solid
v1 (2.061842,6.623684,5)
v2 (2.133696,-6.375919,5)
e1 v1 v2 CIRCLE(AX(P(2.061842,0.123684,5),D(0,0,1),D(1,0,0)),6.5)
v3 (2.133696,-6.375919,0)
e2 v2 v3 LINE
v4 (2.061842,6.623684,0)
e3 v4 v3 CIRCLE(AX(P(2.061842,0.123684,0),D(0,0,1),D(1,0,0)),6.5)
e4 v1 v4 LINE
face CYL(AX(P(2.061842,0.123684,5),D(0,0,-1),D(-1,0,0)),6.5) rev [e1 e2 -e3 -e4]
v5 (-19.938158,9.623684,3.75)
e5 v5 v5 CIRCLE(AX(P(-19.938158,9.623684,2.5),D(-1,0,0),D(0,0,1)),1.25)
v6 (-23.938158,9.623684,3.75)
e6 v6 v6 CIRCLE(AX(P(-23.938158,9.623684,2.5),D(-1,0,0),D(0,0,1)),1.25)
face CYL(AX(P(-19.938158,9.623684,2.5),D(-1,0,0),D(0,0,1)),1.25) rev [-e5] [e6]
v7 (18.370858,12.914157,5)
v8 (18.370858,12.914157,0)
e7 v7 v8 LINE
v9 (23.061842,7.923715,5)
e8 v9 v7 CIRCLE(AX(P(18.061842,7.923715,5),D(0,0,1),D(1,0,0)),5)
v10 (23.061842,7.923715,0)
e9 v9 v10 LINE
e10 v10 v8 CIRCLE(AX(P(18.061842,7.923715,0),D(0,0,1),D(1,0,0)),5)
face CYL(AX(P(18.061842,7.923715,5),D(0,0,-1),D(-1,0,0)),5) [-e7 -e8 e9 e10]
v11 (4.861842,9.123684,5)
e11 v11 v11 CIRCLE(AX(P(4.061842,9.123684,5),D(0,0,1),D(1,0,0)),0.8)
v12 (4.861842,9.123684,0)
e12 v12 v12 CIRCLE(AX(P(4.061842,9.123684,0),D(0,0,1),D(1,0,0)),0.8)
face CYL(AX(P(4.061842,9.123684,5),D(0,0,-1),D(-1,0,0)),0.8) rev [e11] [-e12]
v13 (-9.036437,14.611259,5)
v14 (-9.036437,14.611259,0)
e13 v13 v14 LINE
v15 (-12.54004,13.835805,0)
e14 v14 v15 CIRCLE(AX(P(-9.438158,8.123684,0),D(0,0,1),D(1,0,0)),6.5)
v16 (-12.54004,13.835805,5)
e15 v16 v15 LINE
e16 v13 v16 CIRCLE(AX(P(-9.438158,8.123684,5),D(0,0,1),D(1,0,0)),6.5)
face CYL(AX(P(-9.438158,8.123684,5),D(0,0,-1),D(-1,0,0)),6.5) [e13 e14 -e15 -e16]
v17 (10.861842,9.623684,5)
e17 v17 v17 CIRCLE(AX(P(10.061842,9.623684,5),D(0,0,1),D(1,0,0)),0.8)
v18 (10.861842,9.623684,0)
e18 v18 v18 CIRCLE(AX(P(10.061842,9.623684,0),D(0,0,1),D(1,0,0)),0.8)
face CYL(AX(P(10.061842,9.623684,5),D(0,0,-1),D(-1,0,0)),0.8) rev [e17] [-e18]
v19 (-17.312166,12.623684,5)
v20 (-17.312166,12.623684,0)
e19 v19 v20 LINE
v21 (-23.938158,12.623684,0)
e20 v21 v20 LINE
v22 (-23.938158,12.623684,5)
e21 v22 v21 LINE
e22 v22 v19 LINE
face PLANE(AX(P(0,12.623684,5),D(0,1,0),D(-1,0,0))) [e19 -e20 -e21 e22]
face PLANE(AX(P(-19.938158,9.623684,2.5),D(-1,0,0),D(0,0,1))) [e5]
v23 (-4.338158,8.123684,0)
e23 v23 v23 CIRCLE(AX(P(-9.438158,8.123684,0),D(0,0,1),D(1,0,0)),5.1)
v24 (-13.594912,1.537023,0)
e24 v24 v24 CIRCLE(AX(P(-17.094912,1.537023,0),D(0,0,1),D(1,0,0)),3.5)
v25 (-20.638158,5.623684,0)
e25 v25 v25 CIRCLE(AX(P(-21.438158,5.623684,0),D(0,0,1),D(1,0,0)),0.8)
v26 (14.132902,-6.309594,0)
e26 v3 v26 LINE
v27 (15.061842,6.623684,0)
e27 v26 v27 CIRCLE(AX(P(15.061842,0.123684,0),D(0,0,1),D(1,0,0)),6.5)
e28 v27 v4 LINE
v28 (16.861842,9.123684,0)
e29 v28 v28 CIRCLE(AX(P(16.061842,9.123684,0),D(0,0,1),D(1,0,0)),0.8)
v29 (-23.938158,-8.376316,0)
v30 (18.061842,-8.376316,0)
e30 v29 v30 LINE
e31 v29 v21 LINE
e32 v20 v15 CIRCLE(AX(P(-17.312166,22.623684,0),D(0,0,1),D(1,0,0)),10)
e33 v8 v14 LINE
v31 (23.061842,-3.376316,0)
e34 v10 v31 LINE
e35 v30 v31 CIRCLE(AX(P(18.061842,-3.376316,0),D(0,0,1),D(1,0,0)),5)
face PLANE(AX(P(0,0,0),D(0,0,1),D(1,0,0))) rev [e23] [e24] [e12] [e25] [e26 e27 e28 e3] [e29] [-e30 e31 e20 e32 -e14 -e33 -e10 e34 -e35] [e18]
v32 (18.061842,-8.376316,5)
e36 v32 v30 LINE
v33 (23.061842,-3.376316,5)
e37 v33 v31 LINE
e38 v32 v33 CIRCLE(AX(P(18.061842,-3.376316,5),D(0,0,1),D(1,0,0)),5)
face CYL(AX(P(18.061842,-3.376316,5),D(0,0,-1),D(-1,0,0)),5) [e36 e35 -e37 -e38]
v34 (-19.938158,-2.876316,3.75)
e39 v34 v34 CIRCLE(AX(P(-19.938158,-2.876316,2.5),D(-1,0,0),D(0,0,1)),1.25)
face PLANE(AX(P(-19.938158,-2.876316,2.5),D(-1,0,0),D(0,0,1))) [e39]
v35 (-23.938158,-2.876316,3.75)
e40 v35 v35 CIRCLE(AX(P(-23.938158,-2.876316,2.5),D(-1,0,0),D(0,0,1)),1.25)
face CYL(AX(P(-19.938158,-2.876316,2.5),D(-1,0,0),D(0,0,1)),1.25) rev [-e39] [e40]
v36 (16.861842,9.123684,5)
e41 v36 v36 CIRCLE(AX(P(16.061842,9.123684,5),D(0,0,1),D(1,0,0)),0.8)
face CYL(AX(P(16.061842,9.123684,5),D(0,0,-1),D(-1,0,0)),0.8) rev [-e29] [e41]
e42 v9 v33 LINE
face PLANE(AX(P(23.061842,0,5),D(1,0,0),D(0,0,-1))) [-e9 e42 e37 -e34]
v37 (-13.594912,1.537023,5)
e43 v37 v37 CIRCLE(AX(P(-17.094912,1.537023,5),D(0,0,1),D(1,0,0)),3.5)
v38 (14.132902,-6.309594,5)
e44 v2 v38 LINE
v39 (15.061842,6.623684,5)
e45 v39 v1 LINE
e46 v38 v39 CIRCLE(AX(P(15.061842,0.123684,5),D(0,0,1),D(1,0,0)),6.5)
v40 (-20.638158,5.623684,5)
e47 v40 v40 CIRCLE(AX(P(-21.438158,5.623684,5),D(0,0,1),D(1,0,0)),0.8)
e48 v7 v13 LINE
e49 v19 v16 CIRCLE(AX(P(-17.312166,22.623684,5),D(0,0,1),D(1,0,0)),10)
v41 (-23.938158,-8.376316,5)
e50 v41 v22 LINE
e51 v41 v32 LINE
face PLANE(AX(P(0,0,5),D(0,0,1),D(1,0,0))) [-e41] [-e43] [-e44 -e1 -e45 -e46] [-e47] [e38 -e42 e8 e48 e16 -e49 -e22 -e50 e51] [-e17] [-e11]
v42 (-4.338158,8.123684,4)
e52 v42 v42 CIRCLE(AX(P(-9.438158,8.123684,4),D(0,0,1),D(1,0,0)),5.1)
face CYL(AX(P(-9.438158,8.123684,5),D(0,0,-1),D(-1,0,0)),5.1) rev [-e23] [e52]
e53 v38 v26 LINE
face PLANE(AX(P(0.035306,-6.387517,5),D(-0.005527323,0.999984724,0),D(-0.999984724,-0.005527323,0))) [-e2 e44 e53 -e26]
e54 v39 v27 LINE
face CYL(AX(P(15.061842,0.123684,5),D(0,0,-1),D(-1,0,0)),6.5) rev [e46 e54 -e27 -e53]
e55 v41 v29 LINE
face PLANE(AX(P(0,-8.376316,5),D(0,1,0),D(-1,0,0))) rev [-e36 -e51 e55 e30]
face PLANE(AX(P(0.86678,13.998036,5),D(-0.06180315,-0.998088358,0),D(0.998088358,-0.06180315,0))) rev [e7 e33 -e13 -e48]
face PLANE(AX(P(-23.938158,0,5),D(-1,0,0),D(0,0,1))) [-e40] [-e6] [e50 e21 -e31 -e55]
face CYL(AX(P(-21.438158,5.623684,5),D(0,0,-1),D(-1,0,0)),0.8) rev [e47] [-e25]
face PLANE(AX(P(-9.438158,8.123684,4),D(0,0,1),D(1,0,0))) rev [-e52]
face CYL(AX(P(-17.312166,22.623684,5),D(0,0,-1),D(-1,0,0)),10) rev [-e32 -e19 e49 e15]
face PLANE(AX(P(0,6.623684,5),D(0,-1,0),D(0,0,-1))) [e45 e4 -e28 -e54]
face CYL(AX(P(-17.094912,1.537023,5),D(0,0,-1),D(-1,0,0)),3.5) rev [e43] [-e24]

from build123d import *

# Parameters (mm, degrees)
SKETCH1_R           = 0.8
SKETCH1_R_2         = 3.5
SKETCH1_R_3         = 5.1
BOSS_EXTRUDE1_DEPTH = 5
SKETCH2_R           = 1.25
CUT_EXTRUDE1_DEPTH  = 4
BOSS_EXTRUDE2_START = -1
SKETCH21_R          = 5.1
BOSS_EXTRUDE2_DEPTH = 1


with BuildPart() as part:
    # Sketch1 → Boss-Extrude1 (new body)
    with BuildSketch(Plane(origin=(0, 0, 0), x_dir=(0, 1, 0), z_dir=(0, 0, 1))):
        with BuildLine():
            ThreePointArc((7.923715338, -23.061842121), (11.348253353, -21.704991773), (12.914157128, -18.370857874))
            Line((12.914157128, -18.370857874), (14.611258571, 9.036437401))
            ThreePointArc((14.611258571, 9.036437401), (14.470096631, 10.842810788), (13.835805455, 12.540039768))
            ThreePointArc((13.835805455, 12.540039768), (12.931450551, 14.850335933), (12.623684243, 17.312165753))
            Line((12.623684243, 17.312165753), (12.623684243, 23.938157879))
            Line((12.623684243, 23.938157879), (-8.376315757, 23.938157879))
            Line((-8.376315757, 23.938157879), (-8.376315757, -18.061842121))
            ThreePointArc((-8.376315757, -18.061842121), (-6.911849663, -21.597376027), (-3.376315757, -23.061842121))
            Line((-3.376315757, -23.061842121), (7.923715338, -23.061842121))
        make_face()
        with BuildLine():
            Line((-6.37591859, -2.133696229), (-6.376315757, -2.061842121))
            ThreePointArc((-6.376315757, -2.061842121), (0.123684243, 4.438157879), (6.623684243, -2.061842121))
            Line((6.623684243, -2.061842121), (6.623684243, -15.061842121))
            ThreePointArc((6.623684243, -15.061842121), (0.625179068, -21.542467318), (-6.298932046, -16.061842121))
            ThreePointArc((-6.298932046, -16.061842121), (-6.376216465, -15.097769724), (-6.309594086, -14.132901895))
            Line((-6.309594086, -14.132901895), (-6.37591859, -2.133696229))
        make_face(mode=Mode.SUBTRACT)
        with Locations(Location((9.123684243, -16.061842121, 0), (0, 0, 270))):
            Circle(SKETCH1_R, mode=Mode.SUBTRACT)
        with Locations(Location((9.623684243, -10.061842121, 0), (0, 0, 270))):
            Circle(SKETCH1_R, mode=Mode.SUBTRACT)
        with Locations(Location((9.123684243, -4.061842121, 0), (0, 0, 270))):
            Circle(SKETCH1_R, mode=Mode.SUBTRACT)
        with Locations(Location((1.537022692, 17.094912388, 0), (0, 0, 270))):
            Circle(SKETCH1_R_2, mode=Mode.SUBTRACT)
        with Locations(Location((8.123684243, 9.438157879, 0), (0, 0, 270))):
            Circle(SKETCH1_R_3, mode=Mode.SUBTRACT)
        with Locations(Location((5.623684243, 21.438157879, 0), (0, 0, 270))):
            Circle(SKETCH1_R, mode=Mode.SUBTRACT)
    extrude(amount=BOSS_EXTRUDE1_DEPTH)

    # Sketch2 → Cut-Extrude1 (cut)
    with BuildSketch(Plane(origin=(-23.938157879, 0, 0), x_dir=(0, -1, 0), z_dir=(-1, 0, 0))):
        with Locations(Location((-9.623684243, 2.5, 0), (0, 0, 90))):
            Circle(SKETCH2_R)
        with Locations(Location((2.876315757, 2.5, 0), (0, 0, 90))):
            Circle(SKETCH2_R)
    extrude(amount=-CUT_EXTRUDE1_DEPTH, mode=Mode.SUBTRACT)

    # Sketch21 → Boss-Extrude2 (add)
    with BuildSketch(Plane.XY.offset(5).offset(BOSS_EXTRUDE2_START)):
        with Locations((-9.438157879, 8.123684243)):
            Circle(SKETCH21_R)
    extrude(amount=BOSS_EXTRUDE2_DEPTH)


solid = part.part
